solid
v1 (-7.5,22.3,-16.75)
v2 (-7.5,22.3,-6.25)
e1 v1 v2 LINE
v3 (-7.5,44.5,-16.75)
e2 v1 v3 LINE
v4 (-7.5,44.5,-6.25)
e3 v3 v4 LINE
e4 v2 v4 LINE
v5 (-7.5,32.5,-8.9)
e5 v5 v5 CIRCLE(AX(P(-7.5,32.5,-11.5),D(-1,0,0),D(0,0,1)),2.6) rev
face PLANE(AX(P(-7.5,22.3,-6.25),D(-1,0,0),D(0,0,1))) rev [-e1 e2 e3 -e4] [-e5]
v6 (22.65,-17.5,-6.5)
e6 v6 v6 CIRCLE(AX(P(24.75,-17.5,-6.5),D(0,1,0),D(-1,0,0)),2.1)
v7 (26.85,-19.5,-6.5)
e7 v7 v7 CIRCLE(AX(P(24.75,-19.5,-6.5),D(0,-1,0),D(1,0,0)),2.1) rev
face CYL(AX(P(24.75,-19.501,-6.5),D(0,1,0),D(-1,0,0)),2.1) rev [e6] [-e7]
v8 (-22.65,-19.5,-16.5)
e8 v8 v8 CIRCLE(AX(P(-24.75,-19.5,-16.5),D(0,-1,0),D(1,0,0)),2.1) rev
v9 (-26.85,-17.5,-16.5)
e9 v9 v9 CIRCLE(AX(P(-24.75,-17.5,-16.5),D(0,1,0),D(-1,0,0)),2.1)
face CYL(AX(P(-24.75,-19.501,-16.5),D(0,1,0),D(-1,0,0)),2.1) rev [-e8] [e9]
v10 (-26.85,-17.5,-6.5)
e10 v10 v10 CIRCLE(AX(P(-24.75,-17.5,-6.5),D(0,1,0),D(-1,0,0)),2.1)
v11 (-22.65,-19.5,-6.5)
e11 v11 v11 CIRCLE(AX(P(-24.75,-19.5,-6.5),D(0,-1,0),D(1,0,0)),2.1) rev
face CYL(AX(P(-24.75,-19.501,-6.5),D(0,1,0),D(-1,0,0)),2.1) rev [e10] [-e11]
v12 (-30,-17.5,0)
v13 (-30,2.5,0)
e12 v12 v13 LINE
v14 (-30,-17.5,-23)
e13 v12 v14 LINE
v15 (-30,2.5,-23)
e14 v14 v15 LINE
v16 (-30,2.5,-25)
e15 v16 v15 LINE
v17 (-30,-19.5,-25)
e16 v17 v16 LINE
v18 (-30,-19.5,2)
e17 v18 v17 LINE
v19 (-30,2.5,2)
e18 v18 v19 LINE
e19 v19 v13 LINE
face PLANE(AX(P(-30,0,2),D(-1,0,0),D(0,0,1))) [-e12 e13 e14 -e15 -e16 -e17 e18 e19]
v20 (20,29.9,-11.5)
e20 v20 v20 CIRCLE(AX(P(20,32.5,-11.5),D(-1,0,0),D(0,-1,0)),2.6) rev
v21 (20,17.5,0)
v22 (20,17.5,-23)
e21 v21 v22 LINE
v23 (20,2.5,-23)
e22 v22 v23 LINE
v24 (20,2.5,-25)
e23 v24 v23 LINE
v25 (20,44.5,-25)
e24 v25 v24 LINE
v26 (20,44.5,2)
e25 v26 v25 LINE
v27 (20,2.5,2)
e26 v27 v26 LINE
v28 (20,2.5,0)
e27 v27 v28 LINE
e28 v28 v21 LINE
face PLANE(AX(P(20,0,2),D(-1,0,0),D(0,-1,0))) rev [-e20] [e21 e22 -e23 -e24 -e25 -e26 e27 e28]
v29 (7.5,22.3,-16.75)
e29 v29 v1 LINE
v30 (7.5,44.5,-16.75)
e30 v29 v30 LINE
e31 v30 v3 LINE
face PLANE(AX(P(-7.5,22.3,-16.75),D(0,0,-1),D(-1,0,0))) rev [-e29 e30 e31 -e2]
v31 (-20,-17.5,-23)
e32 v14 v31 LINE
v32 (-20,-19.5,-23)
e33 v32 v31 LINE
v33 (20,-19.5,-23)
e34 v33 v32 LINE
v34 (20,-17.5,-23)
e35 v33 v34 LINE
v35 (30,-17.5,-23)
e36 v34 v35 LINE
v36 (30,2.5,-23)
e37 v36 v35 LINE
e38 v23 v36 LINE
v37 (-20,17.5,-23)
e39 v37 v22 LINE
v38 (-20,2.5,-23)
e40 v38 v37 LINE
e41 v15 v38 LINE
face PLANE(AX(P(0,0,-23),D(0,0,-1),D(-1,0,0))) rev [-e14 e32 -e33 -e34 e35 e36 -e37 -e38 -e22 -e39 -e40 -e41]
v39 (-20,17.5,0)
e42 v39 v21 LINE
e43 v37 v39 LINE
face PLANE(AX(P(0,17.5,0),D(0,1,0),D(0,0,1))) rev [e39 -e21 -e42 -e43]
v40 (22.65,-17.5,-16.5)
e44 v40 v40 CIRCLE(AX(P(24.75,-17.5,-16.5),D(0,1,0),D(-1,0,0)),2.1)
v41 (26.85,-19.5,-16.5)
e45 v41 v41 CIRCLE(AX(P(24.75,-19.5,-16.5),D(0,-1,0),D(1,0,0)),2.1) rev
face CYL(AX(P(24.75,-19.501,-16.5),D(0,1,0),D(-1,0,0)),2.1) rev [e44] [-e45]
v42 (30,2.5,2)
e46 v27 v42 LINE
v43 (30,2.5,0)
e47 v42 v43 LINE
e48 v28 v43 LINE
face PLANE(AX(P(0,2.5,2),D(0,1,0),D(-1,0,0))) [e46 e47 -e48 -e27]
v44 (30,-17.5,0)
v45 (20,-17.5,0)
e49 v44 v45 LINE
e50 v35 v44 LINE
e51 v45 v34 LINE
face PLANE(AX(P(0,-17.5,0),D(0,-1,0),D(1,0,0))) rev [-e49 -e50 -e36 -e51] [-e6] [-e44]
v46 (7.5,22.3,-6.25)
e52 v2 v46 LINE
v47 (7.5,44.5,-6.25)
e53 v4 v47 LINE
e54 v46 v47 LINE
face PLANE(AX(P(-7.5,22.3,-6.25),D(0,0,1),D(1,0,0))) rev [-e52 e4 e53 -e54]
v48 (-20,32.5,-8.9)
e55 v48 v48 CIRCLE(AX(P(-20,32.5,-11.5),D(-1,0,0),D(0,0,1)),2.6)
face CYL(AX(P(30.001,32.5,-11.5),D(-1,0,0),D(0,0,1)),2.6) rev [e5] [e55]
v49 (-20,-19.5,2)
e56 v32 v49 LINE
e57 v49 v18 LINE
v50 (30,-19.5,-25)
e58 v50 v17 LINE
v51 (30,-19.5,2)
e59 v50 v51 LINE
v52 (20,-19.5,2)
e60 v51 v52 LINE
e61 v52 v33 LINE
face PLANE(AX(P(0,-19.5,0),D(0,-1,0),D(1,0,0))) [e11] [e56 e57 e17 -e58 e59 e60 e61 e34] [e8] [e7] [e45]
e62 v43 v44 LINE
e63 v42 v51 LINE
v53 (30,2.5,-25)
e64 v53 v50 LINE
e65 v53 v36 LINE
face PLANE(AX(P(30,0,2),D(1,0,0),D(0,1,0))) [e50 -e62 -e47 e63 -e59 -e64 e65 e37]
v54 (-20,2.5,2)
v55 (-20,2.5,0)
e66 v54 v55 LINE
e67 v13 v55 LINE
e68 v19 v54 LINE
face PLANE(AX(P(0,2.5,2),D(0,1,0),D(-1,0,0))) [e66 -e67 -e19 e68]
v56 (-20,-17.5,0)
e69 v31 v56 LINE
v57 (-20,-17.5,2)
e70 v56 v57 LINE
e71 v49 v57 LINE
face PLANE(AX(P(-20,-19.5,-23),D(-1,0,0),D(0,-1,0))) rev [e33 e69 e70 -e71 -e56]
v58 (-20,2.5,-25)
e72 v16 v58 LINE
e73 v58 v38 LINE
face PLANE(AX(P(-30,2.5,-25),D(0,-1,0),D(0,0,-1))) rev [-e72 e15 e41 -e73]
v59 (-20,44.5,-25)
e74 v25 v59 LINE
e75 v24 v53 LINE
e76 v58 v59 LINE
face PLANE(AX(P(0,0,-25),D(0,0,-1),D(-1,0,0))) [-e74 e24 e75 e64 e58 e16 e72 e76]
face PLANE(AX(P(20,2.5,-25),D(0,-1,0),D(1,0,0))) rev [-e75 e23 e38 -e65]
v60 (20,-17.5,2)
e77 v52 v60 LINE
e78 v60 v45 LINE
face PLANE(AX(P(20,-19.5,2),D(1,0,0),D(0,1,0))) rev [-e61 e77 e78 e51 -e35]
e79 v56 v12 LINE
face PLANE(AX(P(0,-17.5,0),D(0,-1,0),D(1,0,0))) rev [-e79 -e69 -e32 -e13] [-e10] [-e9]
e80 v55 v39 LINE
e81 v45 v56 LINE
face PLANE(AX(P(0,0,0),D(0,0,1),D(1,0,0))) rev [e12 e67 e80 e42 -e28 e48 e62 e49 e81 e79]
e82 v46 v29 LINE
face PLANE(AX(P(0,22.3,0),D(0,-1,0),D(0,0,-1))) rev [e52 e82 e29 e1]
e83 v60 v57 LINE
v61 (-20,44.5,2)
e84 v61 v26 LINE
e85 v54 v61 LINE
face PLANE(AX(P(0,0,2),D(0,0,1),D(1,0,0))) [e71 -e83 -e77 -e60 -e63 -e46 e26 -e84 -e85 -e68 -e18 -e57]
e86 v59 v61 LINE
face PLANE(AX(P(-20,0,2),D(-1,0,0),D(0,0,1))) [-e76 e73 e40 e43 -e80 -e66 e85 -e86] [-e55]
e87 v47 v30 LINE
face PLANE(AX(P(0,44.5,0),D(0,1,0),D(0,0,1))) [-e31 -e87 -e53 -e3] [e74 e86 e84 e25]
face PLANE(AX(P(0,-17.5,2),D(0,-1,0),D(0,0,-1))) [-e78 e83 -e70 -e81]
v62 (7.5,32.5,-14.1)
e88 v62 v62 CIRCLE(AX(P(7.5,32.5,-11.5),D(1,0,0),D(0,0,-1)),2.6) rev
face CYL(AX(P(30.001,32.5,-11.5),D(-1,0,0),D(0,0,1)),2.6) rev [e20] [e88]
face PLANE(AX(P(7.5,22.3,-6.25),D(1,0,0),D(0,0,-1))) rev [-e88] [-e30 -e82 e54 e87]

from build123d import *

# Parameters (mm, degrees)
SKETCH_1_W          = 10
SKETCH_1_H          = 20
SKETCH_1_W_2        = 40
SKETCH_1_H_2        = 35
EXTRUDE_1_DEPTH     = 2
SKETCH_3_W          = 10
SKETCH_3_H          = 25
EXTRUDE_2_DEPTH     = 2
EXTRUDE_3_DEPTH     = 2
CUT_EXTRUDE_1_REACH = 54.44
SKETCH_5_R          = 2.1
EXTRUDE_5_DEPTH     = 2
SKETCH_7_W          = 40
SKETCH_7_H          = 27
EXTRUDE_6_DEPTH     = 25
CUT_EXTRUDE_2_REACH = 73.451
SKETCH_8_R          = 2.6
SKETCH_9_W          = 15
SKETCH_9_H          = 10.5
CUT_EXTRUDE_3_DEPTH = 22.2


with BuildPart() as part:
    # 草图1 → 凸台-拉伸1 (new body)
    with BuildSketch(Plane.XY):
        with Locations((-25, -7.5)):
            Rectangle(SKETCH_1_W, SKETCH_1_H)
        Rectangle(SKETCH_1_W_2, SKETCH_1_H_2)
        with Locations((25, -7.5)):
            Rectangle(SKETCH_1_W, SKETCH_1_H)
    extrude(amount=EXTRUDE_1_DEPTH)

    # 草图3 → 凸台-拉伸2 (add)
    with BuildSketch(Plane.XZ.offset(17.5)):
        with Locations((-25, -10.5)):
            Rectangle(SKETCH_3_W, SKETCH_3_H)
        with Locations((25, -10.5)):
            Rectangle(SKETCH_3_W, SKETCH_3_H)
    extrude(amount=EXTRUDE_2_DEPTH)

    # 草图4 → 凸台-拉伸3 (add)
    with BuildSketch(Plane(origin=(0, 0, -23), x_dir=(-1, 0, 0), z_dir=(0, 0, -1))):
        Polygon((30, -19.5), (30, -17.5), (30, 2.5), (20, 2.5), (20, 17.5), (-20, 17.5), (-20, 2.5), (-30, 2.5), (-30, -17.5), (-30, -19.5), align=None)
    extrude(amount=EXTRUDE_3_DEPTH)

    # 草图5 → 切除-拉伸1 (cut, up to next)
    with BuildSketch(Plane(origin=(0, -17.5, 0), x_dir=(1, 0, 0), z_dir=(0, 1, 0)), mode=Mode.PRIVATE) as cut_extrude_1_sk1:
        with Locations(Location((24.75, 16.5, 0), (0, 0, 180))):
            Circle(SKETCH_5_R)
    cut_extrude_1_tool1 = extrude(cut_extrude_1_sk1.sketch, amount=-CUT_EXTRUDE_1_REACH, mode=Mode.PRIVATE) & part.part
    # 草图5 → 切除-拉伸1 (cut, up to next)
    with BuildSketch(Plane(origin=(0, -17.5, 0), x_dir=(1, 0, 0), z_dir=(0, 1, 0)), mode=Mode.PRIVATE) as cut_extrude_1_sk2:
        with Locations(Location((24.75, 6.5, 0), (0, 0, 180))):
            Circle(SKETCH_5_R)
    cut_extrude_1_tool2 = extrude(cut_extrude_1_sk2.sketch, amount=-CUT_EXTRUDE_1_REACH, mode=Mode.PRIVATE) & part.part
    # 草图5 → 切除-拉伸1 (cut, up to next)
    with BuildSketch(Plane(origin=(0, -17.5, 0), x_dir=(1, 0, 0), z_dir=(0, 1, 0)), mode=Mode.PRIVATE) as cut_extrude_1_sk3:
        with Locations(Location((-24.75, 16.5, 0), (0, 0, 180))):
            Circle(SKETCH_5_R)
    cut_extrude_1_tool3 = extrude(cut_extrude_1_sk3.sketch, amount=-CUT_EXTRUDE_1_REACH, mode=Mode.PRIVATE) & part.part
    # 草图5 → 切除-拉伸1 (cut, up to next)
    with BuildSketch(Plane(origin=(0, -17.5, 0), x_dir=(1, 0, 0), z_dir=(0, 1, 0)), mode=Mode.PRIVATE) as cut_extrude_1_sk4:
        with Locations(Location((-24.75, 6.5, 0), (0, 0, 180))):
            Circle(SKETCH_5_R)
    cut_extrude_1_tool4 = extrude(cut_extrude_1_sk4.sketch, amount=-CUT_EXTRUDE_1_REACH, mode=Mode.PRIVATE) & part.part
    add(cut_extrude_1_tool1.solids().sort_by_distance((24.75, -17.5, -16.5))[0], mode=Mode.SUBTRACT)
    add(cut_extrude_1_tool2.solids().sort_by_distance((24.75, -17.5, -6.5))[0], mode=Mode.SUBTRACT)
    add(cut_extrude_1_tool3.solids().sort_by_distance((-24.75, -17.5, -16.5))[0], mode=Mode.SUBTRACT)
    add(cut_extrude_1_tool4.solids().sort_by_distance((-24.75, -17.5, -6.5))[0], mode=Mode.SUBTRACT)

    # 草图6 → 凸台-拉伸5 (add)
    with BuildSketch(Plane(origin=(0, 17.5, 0), x_dir=(1, 0, 0), z_dir=(0, 1, 0))):
        Polygon((-20, 0), (-20, -2), (20, -2), (20, 0), (20, 23), (20, 25), (-20, 25), (-20, 23), align=None)
    extrude(amount=EXTRUDE_5_DEPTH)

    # 草图7 → 凸台-拉伸6 (add)
    with BuildSketch(Plane(origin=(0, 19.5, 0), x_dir=(1, 0, 0), z_dir=(0, 1, 0))):
        with Locations((0, 11.5)):
            Rectangle(SKETCH_7_W, SKETCH_7_H)
    extrude(amount=EXTRUDE_6_DEPTH)

    # 草图8 → 切除-拉伸2 (cut, up to next)
    with BuildSketch(Plane.ZY.offset(20), mode=Mode.PRIVATE) as cut_extrude_2_sk1:
        with Locations((-11.5, 32.5)):
            Circle(SKETCH_8_R)
    cut_extrude_2_tool1 = extrude(cut_extrude_2_sk1.sketch, amount=-CUT_EXTRUDE_2_REACH, mode=Mode.PRIVATE) & part.part
    add(cut_extrude_2_tool1.solids().sort_by_distance((-20, 32.5, -11.5))[0], mode=Mode.SUBTRACT)

    # 草图9 → 切除-拉伸3 (cut)
    with BuildSketch(Plane(origin=(0, 44.5, 0), x_dir=(1, 0, 0), z_dir=(0, 1, 0))):
        with Locations((0, 11.5)):
            Rectangle(SKETCH_9_W, SKETCH_9_H)
    extrude(amount=-CUT_EXTRUDE_3_DEPTH, mode=Mode.SUBTRACT)


solid = part.part
